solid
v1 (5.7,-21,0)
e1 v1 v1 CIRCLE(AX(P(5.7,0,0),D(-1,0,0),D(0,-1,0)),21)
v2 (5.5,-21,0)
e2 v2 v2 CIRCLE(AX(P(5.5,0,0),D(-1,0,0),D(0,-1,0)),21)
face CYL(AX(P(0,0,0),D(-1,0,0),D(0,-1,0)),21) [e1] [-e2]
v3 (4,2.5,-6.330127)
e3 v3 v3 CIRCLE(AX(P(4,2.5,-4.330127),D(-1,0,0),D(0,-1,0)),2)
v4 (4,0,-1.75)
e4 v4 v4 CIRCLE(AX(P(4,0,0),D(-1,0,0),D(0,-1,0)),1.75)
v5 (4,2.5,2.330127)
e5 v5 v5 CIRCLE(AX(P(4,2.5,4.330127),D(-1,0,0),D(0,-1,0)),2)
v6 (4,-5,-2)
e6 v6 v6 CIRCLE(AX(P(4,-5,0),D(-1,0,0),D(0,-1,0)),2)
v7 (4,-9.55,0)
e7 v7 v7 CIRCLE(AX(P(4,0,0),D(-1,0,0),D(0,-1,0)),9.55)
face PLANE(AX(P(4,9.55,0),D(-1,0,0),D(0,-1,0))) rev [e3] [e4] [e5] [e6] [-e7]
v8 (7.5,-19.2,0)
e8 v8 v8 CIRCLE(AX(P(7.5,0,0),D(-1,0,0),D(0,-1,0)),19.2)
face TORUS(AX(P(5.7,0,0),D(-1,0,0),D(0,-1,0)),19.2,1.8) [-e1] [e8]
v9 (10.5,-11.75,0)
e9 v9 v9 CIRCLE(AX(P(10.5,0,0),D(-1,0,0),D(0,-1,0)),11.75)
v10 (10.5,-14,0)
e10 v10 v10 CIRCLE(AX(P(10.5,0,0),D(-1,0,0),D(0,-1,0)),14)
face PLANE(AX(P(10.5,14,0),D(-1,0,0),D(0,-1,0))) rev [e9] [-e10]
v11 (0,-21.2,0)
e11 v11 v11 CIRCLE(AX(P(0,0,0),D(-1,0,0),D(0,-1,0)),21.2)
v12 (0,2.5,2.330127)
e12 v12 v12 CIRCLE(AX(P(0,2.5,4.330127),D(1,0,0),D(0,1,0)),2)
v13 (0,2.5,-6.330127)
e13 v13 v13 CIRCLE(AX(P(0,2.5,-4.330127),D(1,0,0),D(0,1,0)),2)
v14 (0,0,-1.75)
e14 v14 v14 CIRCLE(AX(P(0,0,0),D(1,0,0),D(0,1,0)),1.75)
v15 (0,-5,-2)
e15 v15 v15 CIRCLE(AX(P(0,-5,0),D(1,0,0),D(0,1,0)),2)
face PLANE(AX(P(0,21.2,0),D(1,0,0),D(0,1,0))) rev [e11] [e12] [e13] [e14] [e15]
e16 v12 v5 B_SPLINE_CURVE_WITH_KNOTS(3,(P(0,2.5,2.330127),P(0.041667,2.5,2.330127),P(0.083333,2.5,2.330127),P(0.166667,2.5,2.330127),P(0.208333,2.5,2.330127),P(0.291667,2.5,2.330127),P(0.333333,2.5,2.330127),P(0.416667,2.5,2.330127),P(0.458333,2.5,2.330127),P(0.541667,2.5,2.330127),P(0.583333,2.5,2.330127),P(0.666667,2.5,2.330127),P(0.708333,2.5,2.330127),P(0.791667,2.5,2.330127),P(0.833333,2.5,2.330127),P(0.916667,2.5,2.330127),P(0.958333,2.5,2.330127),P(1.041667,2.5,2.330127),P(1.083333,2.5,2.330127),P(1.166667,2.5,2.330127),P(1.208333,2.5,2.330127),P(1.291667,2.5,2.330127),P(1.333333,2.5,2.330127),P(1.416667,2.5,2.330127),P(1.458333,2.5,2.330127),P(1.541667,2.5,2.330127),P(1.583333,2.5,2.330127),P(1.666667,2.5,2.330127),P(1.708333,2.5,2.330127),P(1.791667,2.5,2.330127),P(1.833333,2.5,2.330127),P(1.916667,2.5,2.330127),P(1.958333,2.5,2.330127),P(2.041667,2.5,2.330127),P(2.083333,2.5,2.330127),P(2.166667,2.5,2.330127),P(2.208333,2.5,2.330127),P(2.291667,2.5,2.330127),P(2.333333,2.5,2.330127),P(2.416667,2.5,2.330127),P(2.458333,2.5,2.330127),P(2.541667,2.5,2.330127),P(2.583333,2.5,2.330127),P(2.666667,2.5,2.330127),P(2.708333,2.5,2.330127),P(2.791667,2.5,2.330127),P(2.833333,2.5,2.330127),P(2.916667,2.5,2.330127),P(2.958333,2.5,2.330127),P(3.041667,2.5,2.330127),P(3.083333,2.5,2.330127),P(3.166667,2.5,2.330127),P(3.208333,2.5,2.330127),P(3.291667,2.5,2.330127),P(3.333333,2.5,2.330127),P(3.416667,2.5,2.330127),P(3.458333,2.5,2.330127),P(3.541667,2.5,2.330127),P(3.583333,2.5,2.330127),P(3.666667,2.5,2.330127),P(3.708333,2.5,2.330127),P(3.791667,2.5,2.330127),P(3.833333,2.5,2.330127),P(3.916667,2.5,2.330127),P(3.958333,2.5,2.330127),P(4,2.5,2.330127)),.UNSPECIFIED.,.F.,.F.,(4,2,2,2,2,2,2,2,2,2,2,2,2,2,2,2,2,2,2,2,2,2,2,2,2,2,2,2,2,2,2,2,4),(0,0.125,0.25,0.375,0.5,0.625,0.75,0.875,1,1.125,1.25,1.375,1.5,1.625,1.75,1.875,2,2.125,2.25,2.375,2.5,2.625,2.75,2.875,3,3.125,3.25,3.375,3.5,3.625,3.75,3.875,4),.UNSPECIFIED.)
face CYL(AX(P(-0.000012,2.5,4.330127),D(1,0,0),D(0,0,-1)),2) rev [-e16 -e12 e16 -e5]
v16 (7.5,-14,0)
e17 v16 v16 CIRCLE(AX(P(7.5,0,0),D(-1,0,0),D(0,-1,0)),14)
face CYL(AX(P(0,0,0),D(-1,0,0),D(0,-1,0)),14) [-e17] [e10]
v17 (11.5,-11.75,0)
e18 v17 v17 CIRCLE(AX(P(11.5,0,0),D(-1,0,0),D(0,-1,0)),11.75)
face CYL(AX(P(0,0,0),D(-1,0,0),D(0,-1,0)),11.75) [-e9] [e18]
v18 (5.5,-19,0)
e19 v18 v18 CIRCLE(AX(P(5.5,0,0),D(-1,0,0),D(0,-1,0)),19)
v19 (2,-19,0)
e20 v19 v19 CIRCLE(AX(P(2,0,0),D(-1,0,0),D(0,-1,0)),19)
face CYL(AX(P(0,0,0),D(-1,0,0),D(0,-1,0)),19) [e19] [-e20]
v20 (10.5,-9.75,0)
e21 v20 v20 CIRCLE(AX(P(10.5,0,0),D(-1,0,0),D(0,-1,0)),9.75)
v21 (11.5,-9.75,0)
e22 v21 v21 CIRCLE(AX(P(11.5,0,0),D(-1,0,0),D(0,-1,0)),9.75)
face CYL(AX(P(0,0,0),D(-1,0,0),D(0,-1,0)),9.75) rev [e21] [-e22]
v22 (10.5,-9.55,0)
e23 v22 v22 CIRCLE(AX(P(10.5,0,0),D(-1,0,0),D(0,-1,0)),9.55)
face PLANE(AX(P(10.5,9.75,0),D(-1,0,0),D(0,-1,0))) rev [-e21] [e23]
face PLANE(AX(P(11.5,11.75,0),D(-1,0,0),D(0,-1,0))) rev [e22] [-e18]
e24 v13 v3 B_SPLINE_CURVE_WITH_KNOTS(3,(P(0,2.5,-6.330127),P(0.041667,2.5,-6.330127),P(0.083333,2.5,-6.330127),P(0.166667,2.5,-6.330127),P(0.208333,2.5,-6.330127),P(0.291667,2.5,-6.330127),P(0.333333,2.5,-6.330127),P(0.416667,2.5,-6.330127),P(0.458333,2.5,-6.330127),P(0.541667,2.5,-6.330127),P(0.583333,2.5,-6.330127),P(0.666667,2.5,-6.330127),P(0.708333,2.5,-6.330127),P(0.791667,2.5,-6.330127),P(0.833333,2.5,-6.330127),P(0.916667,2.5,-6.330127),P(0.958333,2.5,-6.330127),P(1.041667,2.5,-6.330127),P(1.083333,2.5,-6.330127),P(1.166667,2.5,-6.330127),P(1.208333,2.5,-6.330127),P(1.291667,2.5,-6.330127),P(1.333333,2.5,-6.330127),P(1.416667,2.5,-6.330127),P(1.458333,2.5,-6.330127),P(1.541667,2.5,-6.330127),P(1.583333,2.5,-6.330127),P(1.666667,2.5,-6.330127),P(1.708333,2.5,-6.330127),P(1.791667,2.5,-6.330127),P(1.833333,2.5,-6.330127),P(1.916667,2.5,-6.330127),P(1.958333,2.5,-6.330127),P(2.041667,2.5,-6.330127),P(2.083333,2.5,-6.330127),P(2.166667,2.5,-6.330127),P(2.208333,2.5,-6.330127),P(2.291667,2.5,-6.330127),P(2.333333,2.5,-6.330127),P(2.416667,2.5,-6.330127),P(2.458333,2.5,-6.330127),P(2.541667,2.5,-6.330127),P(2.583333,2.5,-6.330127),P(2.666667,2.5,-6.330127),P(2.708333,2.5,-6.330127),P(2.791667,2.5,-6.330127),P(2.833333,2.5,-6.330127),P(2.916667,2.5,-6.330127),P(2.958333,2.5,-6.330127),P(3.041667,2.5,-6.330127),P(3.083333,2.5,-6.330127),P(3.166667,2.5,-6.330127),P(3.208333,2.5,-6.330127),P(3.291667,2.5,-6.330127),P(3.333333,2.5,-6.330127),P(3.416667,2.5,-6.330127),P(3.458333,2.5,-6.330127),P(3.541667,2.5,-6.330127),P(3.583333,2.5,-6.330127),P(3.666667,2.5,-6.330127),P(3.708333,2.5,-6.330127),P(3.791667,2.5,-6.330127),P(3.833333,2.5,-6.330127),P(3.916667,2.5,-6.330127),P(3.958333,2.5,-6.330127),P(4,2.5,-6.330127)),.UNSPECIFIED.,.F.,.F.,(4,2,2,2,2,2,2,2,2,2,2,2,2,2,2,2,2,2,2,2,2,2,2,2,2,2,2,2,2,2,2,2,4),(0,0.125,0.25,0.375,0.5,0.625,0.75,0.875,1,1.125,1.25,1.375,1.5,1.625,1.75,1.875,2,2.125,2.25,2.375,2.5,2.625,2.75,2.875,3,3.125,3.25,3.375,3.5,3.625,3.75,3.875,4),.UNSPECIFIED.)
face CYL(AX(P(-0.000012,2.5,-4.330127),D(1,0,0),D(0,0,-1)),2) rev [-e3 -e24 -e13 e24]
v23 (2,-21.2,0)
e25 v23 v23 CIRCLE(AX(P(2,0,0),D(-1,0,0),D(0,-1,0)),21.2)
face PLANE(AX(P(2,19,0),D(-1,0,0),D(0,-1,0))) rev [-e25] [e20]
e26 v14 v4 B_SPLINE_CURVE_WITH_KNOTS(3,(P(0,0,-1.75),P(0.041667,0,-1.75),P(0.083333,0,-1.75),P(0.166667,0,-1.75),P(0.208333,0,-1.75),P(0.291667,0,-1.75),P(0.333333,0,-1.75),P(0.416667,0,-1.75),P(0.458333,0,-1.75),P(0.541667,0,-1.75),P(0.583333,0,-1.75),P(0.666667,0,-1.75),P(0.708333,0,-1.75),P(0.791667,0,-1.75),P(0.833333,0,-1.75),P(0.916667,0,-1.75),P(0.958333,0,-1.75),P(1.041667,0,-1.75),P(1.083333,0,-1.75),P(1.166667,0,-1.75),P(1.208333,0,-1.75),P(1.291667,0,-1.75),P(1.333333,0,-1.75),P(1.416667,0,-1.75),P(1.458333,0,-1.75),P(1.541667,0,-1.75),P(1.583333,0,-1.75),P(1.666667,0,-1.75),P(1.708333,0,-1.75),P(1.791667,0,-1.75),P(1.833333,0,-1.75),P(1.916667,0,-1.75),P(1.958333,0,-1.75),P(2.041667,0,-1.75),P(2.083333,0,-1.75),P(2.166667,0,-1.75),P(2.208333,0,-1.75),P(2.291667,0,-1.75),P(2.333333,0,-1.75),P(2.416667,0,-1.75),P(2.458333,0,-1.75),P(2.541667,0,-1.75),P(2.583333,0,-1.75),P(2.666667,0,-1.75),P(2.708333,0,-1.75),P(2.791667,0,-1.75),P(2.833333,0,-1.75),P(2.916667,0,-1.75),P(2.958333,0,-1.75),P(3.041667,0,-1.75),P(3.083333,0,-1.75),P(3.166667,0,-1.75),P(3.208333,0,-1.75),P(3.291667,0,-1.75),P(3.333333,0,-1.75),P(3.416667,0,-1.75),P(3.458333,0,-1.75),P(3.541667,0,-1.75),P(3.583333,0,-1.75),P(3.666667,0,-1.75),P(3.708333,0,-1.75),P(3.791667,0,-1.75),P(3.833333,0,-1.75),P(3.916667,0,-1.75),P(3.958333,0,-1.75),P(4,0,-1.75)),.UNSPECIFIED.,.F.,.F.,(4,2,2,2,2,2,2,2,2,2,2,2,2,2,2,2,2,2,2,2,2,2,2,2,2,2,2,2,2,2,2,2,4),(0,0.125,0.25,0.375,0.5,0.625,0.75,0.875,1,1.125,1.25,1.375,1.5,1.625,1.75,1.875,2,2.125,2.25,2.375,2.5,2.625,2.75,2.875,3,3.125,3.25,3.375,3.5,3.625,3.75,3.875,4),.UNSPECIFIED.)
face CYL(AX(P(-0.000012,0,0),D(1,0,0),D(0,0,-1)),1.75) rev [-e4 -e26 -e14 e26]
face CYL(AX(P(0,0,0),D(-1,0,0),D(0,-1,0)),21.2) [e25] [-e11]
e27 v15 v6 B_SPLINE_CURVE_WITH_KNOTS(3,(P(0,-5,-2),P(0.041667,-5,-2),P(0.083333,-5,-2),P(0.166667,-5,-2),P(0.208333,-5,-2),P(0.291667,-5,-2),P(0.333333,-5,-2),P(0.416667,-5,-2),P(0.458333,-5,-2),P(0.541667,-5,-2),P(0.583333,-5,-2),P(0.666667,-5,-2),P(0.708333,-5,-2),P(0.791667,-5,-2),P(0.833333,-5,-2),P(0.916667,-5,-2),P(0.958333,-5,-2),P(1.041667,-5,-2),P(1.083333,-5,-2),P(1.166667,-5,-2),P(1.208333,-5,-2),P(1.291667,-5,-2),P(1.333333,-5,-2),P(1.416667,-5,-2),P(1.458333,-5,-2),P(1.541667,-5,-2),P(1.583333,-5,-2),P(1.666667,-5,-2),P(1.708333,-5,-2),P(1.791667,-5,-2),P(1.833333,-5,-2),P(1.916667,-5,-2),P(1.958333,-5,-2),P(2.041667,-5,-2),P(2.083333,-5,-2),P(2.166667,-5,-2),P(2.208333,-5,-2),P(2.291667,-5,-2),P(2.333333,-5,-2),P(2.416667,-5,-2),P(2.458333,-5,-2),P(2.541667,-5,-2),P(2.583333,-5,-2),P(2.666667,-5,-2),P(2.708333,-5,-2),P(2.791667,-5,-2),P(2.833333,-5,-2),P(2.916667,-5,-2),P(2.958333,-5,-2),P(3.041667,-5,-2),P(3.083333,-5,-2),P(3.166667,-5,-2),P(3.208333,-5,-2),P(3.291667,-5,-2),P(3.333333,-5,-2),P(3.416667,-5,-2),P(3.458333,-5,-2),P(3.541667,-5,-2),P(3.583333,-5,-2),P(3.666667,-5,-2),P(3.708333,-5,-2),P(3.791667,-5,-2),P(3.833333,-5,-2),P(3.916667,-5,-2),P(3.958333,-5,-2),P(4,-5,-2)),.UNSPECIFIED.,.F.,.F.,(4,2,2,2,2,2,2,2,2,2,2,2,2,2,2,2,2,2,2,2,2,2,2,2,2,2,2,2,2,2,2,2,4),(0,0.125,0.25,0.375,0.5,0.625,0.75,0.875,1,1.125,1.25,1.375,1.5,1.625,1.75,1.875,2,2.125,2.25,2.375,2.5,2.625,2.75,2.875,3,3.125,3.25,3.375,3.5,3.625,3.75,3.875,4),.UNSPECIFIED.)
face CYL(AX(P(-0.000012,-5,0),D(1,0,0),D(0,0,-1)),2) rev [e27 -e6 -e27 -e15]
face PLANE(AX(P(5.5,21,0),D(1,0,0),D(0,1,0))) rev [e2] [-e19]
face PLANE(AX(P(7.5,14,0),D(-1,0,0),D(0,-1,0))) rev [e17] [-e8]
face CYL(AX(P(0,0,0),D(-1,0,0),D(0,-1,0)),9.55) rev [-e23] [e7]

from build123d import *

# Parameters (mm, degrees)
CUT_EXTRUDE2_DEPTH      = 33.111212995
CUT_EXTRUDE2_DEPTH_BACK = 33.111212995
SKETCH2_R               = 1.75
SKETCH2_R_2             = 2


with BuildPart() as part:
    # Sketch1 → Revolve1 (revolve)
    with BuildSketch(Plane.XY, mode=Mode.PRIVATE) as revolve1_sk:
        with BuildLine():
            Line((10.5, 14), (7.5, 14))
            Line((7.5, 14), (7.5, 19.2))
            ThreePointArc((7.5, 19.2), (6.972792206, 20.472792206), (5.7, 21))
            Line((5.7, 21), (5.5, 21))
            Line((5.5, 21), (5.5, 19))
            Line((5.5, 19), (2, 19))
            Line((2, 19), (2, 21.2))
            Line((2, 21.2), (0, 21.2))
            Line((0, 21.2), (0, 0))
            Line((0, 0), (4, 0))
            Line((4, 0), (4, 9.55))
            Line((4, 9.55), (10.5, 9.55))
            Line((10.5, 9.55), (10.5, 9.75))
            Line((10.5, 9.75), (11.5, 9.75))
            Line((11.5, 9.75), (11.5, 11.75))
            Line((11.5, 11.75), (10.5, 11.75))
            Line((10.5, 11.75), (10.5, 14))
        make_face()
    revolve(revolve1_sk.sketch.rotate(Axis((0, 0, 0), (1, 0, 0)), 180), axis=Axis((0, 0, 0), (1, 0, 0)))

    # Sketch2 → Cut-Extrude2 (cut, two sides: drawn at the far end of the back side and taken through both)
    with BuildSketch(Plane(origin=(0, 0, 0), x_dir=(0, 0, -1), z_dir=(1, 0, 0)).offset(-CUT_EXTRUDE2_DEPTH_BACK)):
        Circle(SKETCH2_R)
        with Locations((0, -5)):
            Circle(SKETCH2_R_2)
        with Locations((-4.330127019, 2.5)):
            Circle(SKETCH2_R_2)
        with Locations((4.330127019, 2.5)):
            Circle(SKETCH2_R_2)
    extrude(amount=CUT_EXTRUDE2_DEPTH + CUT_EXTRUDE2_DEPTH_BACK, mode=Mode.SUBTRACT)


solid = part.part
